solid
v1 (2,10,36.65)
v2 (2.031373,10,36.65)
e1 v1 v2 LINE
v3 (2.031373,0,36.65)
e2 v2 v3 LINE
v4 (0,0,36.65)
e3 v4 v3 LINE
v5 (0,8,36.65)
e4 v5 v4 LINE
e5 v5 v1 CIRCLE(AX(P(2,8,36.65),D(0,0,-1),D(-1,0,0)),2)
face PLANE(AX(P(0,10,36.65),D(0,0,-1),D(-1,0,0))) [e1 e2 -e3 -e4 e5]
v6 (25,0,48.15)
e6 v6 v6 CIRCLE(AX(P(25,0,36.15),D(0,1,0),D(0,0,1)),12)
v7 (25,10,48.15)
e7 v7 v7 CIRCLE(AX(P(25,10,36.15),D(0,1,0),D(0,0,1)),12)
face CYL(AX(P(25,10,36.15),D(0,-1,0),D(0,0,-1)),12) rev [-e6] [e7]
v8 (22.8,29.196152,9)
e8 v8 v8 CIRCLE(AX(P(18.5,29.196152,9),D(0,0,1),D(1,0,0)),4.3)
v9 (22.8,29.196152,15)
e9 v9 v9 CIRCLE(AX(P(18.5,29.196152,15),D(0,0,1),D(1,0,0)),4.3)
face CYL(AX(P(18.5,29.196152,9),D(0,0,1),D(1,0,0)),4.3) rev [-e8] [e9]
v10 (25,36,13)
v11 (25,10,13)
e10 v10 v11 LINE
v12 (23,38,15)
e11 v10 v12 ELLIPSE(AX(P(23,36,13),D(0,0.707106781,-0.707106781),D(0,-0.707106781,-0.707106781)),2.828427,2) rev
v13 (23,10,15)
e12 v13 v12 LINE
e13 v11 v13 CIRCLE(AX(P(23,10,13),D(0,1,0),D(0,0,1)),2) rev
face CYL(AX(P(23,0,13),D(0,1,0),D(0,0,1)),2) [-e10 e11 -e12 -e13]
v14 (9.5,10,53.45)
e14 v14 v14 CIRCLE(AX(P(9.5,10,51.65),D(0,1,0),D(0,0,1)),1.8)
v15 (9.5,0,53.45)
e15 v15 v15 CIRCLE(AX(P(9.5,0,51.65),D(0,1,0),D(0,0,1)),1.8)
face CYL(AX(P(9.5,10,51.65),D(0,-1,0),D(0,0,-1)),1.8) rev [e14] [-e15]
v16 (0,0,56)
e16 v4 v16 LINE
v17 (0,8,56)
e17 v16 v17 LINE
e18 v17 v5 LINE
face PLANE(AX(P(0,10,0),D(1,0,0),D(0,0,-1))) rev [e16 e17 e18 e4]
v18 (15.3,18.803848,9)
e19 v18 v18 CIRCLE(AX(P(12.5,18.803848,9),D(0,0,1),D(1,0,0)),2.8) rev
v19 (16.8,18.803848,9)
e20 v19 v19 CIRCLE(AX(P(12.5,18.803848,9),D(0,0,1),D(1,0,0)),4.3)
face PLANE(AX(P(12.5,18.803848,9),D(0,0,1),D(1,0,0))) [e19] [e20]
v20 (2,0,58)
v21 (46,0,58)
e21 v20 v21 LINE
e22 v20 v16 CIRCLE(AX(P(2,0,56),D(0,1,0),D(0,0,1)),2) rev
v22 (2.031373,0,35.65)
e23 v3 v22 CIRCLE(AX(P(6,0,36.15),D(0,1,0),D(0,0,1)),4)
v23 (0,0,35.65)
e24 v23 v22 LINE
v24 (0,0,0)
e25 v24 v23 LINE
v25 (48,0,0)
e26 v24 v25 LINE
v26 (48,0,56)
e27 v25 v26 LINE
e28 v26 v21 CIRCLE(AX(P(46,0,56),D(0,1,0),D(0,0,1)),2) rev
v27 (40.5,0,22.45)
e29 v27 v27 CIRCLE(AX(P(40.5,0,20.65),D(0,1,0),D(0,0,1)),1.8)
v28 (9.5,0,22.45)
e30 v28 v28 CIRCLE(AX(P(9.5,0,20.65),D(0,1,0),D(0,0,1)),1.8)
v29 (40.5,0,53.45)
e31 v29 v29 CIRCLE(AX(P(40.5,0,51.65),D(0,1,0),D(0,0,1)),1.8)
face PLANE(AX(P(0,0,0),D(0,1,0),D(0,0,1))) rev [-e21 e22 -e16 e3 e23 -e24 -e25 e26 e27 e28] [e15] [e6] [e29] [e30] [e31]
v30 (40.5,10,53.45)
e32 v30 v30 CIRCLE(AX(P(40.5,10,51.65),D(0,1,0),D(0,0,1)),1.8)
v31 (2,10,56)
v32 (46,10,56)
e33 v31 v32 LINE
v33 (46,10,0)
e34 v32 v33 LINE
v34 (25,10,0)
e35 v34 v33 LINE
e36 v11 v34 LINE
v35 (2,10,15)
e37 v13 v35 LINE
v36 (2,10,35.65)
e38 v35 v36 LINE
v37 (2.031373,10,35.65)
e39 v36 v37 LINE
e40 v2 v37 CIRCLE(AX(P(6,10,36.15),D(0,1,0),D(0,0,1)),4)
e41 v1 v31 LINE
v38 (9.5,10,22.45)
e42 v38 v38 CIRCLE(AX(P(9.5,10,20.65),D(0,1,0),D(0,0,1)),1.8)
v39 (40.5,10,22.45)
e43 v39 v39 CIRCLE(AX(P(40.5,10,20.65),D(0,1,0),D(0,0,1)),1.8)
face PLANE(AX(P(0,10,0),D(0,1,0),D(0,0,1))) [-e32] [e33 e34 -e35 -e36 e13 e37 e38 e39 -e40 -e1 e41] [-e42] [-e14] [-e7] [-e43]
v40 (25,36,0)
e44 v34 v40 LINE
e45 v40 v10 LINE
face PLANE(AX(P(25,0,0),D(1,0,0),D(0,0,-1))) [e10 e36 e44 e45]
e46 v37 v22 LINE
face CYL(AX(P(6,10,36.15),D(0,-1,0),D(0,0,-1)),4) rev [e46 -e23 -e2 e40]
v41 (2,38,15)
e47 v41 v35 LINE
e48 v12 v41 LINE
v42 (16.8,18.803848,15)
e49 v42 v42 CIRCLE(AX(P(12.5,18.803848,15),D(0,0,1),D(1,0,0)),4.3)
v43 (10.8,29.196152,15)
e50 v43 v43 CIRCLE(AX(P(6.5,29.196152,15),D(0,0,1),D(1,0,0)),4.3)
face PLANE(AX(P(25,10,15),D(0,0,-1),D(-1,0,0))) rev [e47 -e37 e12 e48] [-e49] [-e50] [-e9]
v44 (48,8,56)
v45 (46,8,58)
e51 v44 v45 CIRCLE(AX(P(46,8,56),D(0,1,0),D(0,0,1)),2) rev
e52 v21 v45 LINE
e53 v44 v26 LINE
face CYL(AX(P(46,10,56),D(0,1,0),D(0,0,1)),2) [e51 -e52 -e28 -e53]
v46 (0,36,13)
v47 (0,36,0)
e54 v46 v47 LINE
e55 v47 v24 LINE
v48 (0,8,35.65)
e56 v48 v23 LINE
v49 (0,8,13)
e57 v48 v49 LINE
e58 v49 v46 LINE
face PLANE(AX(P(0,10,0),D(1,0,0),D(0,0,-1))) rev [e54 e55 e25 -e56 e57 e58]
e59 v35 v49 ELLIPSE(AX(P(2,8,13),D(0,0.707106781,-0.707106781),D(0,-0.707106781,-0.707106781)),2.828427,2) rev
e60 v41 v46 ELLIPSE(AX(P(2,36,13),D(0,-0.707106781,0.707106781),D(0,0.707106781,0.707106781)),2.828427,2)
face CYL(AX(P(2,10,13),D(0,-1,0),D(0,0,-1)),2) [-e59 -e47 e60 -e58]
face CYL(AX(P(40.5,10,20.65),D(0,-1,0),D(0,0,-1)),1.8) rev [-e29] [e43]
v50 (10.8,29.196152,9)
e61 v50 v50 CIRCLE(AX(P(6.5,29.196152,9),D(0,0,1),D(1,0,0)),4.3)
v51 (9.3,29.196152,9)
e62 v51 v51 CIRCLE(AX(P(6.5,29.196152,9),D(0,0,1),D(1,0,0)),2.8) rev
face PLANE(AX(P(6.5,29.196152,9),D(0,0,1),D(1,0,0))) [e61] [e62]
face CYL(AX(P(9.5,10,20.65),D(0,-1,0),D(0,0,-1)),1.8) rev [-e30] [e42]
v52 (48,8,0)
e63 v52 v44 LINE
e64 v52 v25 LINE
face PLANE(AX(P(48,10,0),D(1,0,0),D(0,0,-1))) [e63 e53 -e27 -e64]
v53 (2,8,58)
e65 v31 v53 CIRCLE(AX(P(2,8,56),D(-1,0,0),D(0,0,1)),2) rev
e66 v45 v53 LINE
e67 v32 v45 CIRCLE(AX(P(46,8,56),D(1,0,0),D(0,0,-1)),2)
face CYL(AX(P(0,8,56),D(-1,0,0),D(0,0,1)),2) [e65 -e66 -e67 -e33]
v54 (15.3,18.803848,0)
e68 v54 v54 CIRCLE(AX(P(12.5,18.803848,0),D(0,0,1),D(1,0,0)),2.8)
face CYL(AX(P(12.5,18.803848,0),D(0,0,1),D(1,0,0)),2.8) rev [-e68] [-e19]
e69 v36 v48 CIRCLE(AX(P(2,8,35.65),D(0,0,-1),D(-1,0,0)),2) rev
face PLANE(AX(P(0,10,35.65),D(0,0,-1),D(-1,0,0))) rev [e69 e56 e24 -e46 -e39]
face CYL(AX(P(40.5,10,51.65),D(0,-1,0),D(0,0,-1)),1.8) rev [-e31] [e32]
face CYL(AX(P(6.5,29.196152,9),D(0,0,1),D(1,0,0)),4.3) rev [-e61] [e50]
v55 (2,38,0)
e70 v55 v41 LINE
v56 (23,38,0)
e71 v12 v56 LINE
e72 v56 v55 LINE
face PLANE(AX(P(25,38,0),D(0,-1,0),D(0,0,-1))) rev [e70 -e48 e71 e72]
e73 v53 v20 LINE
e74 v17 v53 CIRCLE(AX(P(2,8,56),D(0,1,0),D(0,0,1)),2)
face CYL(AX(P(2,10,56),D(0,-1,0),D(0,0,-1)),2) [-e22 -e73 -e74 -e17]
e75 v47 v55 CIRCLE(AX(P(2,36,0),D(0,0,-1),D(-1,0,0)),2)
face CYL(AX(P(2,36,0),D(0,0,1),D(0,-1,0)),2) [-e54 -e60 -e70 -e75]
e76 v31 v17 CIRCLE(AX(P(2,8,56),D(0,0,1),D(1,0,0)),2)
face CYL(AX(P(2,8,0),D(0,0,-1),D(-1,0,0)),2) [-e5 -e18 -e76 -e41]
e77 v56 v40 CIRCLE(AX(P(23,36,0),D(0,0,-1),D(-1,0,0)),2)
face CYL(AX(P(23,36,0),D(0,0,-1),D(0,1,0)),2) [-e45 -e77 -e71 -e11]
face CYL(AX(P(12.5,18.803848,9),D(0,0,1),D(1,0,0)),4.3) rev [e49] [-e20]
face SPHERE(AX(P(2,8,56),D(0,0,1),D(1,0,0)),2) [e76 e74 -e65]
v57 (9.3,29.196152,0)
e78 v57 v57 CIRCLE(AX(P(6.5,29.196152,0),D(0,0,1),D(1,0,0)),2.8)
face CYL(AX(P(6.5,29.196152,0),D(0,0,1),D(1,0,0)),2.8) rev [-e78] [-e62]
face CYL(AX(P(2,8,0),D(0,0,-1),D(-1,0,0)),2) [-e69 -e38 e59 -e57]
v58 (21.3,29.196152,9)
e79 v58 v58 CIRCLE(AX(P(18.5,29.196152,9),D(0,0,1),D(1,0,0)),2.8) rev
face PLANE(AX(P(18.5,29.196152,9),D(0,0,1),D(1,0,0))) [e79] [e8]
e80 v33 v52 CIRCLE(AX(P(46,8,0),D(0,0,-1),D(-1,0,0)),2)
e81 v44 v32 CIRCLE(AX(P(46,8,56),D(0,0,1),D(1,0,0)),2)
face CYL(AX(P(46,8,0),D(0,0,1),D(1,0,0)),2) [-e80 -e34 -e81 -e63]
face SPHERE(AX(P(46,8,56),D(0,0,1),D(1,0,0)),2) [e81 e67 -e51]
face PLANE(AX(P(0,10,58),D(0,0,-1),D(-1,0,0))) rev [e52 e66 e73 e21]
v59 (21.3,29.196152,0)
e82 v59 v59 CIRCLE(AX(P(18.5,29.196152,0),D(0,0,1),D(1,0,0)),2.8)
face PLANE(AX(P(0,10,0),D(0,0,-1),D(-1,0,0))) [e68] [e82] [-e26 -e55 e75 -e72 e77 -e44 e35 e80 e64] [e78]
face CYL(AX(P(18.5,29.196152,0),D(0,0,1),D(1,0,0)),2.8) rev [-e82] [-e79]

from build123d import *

# Parameters (mm, degrees)
SKETCH1_R           = 1.8
SKETCH1_R_2         = 12
BOSS_EXTRUDE1_DEPTH = 10
SKETCH2_W           = 15
SKETCH2_H           = 28
BOSS_EXTRUDE2_DEPTH = 25
SKETCH3_R           = 2.8
CUT_EXTRUDE1_DEPTH  = 75.813100457
SKETCH4_R           = 4.3
CUT_EXTRUDE2_DEPTH  = 6
FILLET1_R           = 2


with BuildPart() as part:
    # Sketch1 → Boss-Extrude1 (new body)
    with BuildSketch(Plane(origin=(0, 0, 0), x_dir=(1, 0, 0), z_dir=(0, 1, 0))):
        with BuildLine():
            Line((48, 0), (0, 0))
            Line((0, 0), (0, -35.65))
            Line((0, -35.65), (2.031373033, -35.65))
            ThreePointArc((2.031373033, -35.65), (6.25049165, -32.157850963), (10, -36.15))
            ThreePointArc((10, -36.15), (6.25049165, -40.142149037), (2.031373033, -36.65))
            Line((2.031373033, -36.65), (0, -36.65))
            Line((0, -36.65), (0, -58))
            Line((0, -58), (48, -58))
            Line((48, -58), (48, 0))
        make_face()
        with Locations(Location((9.5, -51.65, 0), (0, 0, 270))):
            Circle(SKETCH1_R, mode=Mode.SUBTRACT)
        with Locations(Location((40.5, -51.65, 0), (0, 0, 270))):
            Circle(SKETCH1_R, mode=Mode.SUBTRACT)
        with Locations(Location((25, -36.15, 0), (0, 0, 270))):
            Circle(SKETCH1_R_2, mode=Mode.SUBTRACT)
        with Locations(Location((9.5, -20.65, 0), (0, 0, 270))):
            Circle(SKETCH1_R, mode=Mode.SUBTRACT)
        with Locations(Location((40.5, -20.65, 0), (0, 0, 270))):
            Circle(SKETCH1_R, mode=Mode.SUBTRACT)
    extrude(amount=BOSS_EXTRUDE1_DEPTH)

    # Sketch2 → Boss-Extrude2 (add)
    with BuildSketch(Plane(origin=(0, 0, 0), x_dir=(0, 0, -1), z_dir=(1, 0, 0))):
        with Locations((-7.5, 24)):
            Rectangle(SKETCH2_W, SKETCH2_H)
    extrude(amount=BOSS_EXTRUDE2_DEPTH)

    # Sketch3 → Cut-Extrude1 (cut, through all)
    with BuildSketch(Plane.XY.offset(15)):
        with Locations((6.5, 29.196152423)):
            Circle(SKETCH3_R)
        with Locations((18.5, 29.196152423)):
            Circle(SKETCH3_R)
        with Locations((12.5, 18.803847577)):
            Circle(SKETCH3_R)
    extrude(amount=-CUT_EXTRUDE1_DEPTH, mode=Mode.SUBTRACT)

    # Sketch4 → Cut-Extrude2 (cut)
    with BuildSketch(Plane.XY.offset(15)):
        with Locations((6.5, 29.196152423)):
            Circle(SKETCH4_R)
        with Locations((18.5, 29.196152423)):
            Circle(SKETCH4_R)
        with Locations((12.5, 18.803847577)):
            Circle(SKETCH4_R)
    extrude(amount=-CUT_EXTRUDE2_DEPTH, mode=Mode.SUBTRACT)

    # Fillet1
    fillet1_edges = [part.edges().sort_by_distance(p)[0] for p in [
        (0, 10, 47.325),
        (24, 10, 58),
        (48, 5, 58),
        (0, 5, 58),
        (48, 10, 29),
        (0, 10, 25.325),
        (0, 38, 7.5),
        (0, 24, 15),
        (25, 38, 7.5),
        (25, 24, 15),
    ]]
    fillet(fillet1_edges, radius=FILLET1_R)


solid = part.part
